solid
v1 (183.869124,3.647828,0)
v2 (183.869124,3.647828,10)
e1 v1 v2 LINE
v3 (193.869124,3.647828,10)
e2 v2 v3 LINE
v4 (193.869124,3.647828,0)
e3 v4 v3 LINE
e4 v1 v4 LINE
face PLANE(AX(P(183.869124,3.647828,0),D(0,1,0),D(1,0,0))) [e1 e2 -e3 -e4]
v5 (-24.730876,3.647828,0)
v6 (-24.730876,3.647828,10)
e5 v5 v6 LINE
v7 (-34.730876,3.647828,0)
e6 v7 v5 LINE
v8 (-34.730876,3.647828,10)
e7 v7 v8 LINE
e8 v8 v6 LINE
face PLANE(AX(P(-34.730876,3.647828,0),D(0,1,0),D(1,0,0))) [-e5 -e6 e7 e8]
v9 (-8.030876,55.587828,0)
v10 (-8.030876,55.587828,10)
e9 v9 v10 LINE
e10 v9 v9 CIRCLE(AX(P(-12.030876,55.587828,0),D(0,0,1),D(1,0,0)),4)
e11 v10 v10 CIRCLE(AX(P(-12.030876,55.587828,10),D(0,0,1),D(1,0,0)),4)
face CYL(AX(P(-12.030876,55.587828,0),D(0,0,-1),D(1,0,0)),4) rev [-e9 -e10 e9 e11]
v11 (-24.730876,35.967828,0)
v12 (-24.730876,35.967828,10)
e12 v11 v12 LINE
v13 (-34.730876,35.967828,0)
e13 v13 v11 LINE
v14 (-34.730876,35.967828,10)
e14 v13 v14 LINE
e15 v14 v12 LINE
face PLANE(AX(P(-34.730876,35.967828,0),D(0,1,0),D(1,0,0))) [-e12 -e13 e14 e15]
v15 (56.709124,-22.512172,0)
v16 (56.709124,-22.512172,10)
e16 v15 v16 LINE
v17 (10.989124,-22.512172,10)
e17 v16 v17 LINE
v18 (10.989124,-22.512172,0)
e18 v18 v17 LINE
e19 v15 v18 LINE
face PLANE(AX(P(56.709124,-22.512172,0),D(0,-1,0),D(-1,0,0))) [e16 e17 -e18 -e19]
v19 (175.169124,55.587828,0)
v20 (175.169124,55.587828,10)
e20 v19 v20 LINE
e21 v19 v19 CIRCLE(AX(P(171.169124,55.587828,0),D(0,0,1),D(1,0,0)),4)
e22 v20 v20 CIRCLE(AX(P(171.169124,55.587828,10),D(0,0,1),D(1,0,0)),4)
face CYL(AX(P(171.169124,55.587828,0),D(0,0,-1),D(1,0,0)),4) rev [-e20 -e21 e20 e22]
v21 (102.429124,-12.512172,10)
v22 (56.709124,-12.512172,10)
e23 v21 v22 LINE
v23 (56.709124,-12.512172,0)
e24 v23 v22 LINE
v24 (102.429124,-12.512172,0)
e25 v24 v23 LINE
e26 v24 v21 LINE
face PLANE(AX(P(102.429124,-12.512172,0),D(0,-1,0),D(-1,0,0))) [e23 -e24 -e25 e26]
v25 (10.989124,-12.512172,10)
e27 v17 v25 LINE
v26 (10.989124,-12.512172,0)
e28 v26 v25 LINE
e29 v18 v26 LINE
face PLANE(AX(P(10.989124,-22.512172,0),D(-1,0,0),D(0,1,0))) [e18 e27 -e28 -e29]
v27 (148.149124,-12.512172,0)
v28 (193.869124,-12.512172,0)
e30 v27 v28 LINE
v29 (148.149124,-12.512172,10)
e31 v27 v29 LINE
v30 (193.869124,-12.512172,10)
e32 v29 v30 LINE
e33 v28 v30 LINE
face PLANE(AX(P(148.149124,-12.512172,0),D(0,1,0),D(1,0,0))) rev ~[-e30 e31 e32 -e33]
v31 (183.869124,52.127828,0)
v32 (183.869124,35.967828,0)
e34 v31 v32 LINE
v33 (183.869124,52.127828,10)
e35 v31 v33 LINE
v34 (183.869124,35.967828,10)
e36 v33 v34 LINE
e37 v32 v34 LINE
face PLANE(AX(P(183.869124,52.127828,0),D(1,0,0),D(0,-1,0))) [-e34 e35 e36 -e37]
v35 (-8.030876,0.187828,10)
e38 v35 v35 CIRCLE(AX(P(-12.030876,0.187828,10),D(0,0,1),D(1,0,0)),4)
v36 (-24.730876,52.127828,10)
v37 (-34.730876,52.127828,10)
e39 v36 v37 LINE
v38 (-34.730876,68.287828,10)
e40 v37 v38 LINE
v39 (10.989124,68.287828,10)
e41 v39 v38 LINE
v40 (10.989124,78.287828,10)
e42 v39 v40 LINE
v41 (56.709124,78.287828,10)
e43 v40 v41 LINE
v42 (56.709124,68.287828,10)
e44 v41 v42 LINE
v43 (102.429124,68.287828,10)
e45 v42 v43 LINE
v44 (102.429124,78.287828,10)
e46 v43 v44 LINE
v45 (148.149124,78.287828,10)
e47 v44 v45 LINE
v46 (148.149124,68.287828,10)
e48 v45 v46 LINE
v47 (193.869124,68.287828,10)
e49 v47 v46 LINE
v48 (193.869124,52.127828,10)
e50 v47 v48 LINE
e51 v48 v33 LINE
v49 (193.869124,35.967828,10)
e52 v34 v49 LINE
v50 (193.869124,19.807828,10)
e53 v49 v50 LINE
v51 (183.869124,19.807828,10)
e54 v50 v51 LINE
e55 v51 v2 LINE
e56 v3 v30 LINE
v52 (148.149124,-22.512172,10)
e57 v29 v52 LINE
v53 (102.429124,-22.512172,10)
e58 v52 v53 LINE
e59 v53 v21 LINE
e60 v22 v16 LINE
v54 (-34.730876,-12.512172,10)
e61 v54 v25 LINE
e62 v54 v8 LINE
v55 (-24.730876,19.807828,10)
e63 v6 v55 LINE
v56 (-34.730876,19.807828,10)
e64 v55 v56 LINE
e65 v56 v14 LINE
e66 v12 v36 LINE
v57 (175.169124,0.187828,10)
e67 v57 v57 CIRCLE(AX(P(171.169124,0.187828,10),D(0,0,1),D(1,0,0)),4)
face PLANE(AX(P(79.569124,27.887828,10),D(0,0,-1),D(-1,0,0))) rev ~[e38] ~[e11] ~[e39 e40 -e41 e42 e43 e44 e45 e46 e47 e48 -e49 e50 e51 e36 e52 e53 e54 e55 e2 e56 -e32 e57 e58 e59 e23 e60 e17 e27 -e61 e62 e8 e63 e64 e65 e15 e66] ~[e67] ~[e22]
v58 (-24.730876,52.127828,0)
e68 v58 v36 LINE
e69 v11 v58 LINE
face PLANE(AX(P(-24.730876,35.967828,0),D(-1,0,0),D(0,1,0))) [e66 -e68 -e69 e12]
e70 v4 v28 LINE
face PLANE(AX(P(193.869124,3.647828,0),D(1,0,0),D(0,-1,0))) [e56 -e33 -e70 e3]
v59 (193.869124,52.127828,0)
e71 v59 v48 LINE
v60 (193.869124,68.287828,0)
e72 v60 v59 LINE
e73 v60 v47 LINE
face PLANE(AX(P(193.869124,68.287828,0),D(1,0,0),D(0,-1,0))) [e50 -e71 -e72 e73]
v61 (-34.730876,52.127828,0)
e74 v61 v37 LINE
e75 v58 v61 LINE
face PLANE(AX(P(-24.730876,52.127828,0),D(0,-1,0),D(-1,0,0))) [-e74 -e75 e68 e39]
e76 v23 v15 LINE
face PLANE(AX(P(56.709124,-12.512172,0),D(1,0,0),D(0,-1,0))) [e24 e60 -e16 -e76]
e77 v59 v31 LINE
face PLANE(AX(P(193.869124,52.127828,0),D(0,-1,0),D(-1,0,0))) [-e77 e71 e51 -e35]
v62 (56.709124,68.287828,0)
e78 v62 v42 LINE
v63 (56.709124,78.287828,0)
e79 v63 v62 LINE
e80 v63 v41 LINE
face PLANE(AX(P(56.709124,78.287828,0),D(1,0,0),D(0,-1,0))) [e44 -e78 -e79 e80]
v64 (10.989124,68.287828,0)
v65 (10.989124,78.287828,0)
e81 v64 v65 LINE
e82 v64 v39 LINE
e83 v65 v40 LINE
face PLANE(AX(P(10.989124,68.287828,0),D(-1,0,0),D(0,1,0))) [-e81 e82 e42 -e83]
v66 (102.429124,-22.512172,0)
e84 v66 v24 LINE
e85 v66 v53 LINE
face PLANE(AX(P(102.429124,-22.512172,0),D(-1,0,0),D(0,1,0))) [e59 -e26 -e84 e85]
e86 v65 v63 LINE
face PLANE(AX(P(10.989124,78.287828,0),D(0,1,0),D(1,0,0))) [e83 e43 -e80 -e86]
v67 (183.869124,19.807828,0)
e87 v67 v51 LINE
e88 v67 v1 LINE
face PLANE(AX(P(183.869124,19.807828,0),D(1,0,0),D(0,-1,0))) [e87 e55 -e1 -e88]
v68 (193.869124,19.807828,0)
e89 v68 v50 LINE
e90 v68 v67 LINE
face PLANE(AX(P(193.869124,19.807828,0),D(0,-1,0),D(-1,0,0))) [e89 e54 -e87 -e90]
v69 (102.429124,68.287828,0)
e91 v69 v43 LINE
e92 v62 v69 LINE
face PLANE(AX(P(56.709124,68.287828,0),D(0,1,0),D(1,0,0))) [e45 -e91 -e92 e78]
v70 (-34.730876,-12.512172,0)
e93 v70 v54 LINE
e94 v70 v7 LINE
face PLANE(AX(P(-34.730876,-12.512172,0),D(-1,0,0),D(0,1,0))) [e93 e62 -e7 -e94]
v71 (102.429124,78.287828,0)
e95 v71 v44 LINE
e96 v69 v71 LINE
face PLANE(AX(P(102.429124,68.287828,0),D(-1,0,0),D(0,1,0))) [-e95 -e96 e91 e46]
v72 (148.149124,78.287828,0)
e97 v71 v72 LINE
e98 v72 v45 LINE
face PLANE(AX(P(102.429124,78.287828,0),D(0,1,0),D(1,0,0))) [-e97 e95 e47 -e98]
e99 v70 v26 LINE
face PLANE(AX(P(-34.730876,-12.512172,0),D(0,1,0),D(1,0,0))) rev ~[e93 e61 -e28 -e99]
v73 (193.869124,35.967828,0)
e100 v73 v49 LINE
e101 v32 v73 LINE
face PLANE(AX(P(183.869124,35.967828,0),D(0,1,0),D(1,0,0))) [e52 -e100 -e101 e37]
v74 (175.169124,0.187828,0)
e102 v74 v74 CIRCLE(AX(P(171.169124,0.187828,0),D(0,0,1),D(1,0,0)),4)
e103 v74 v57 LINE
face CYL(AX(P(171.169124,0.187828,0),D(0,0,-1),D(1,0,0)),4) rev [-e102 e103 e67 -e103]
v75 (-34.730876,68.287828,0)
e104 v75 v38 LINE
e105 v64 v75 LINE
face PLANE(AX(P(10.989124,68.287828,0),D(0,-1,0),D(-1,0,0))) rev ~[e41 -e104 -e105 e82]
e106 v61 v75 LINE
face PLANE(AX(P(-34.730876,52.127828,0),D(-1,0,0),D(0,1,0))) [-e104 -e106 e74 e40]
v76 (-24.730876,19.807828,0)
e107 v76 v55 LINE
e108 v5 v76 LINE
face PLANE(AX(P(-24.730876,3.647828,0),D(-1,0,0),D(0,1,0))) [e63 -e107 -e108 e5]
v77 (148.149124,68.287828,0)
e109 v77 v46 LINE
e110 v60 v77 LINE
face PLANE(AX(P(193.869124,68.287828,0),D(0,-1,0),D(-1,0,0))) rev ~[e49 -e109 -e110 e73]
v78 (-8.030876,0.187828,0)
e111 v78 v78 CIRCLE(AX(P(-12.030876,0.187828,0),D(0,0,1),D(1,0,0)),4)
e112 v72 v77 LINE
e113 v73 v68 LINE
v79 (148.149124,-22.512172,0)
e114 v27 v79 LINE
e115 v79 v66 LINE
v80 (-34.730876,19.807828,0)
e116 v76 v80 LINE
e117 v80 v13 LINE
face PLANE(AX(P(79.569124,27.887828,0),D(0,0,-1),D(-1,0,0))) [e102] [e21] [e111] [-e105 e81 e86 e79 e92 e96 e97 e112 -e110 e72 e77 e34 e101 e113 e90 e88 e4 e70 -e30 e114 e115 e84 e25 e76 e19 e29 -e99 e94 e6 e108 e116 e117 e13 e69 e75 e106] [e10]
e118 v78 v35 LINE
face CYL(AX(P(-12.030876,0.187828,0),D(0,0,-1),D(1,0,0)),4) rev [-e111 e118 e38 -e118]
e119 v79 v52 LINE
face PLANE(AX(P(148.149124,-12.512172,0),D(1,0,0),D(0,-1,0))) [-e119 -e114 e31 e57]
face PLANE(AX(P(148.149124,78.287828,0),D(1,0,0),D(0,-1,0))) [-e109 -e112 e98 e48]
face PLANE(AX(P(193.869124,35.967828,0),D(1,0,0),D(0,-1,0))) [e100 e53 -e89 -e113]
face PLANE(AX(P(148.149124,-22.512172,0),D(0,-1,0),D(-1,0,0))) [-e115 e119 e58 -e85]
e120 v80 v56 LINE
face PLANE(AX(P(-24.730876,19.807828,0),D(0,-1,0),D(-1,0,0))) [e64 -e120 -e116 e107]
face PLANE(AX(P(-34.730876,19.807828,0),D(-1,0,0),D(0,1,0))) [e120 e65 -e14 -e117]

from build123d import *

# Parameters (mm, degrees)
SKETCH3_R           = 4
BOSS_EXTRUDE2_DEPTH = 10


with BuildPart() as part:
    # Sketch3 → Boss-Extrude2 (new body)
    with BuildSketch(Plane.XY):
        Polygon((102.429124183, -12.51217232), (56.709124183, -12.51217232), (56.709124183, -22.51217232), (10.989124183, -22.51217232), (10.989124183, -12.51217232), (-24.730875817, -12.51217232), (-34.730875817, -12.51217232), (-34.730875817, 3.64782768), (-24.730875817, 3.64782768), (-24.730875817, 19.80782768), (-34.730875817, 19.80782768), (-34.730875817, 35.96782768), (-24.730875817, 35.96782768), (-24.730875817, 52.12782768), (-34.730875817, 52.12782768), (-34.730875817, 68.28782768), (-24.730875817, 68.28782768), (10.989124183, 68.28782768), (10.989124183, 78.28782768), (56.709124183, 78.28782768), (56.709124183, 68.28782768), (102.429124183, 68.28782768), (102.429124183, 78.28782768), (148.149124183, 78.28782768), (148.149124183, 68.28782768), (183.869124183, 68.28782768), (193.869124183, 68.28782768), (193.869124183, 52.12782768), (183.869124183, 52.12782768), (183.869124183, 35.96782768), (193.869124183, 35.96782768), (193.869124183, 19.80782768), (183.869124183, 19.80782768), (183.869124183, 3.64782768), (193.869124183, 3.64782768), (193.869124183, -12.51217232), (183.869124183, -12.51217232), (148.149124183, -12.51217232), (148.149124183, -22.51217232), (102.429124183, -22.51217232), align=None)
        with Locations((-12.030875817, 55.58782768)):
            Circle(SKETCH3_R, mode=Mode.SUBTRACT)
        with Locations((171.169124183, 55.58782768)):
            Circle(SKETCH3_R, mode=Mode.SUBTRACT)
        with Locations((-12.030875817, 0.18782768)):
            Circle(SKETCH3_R, mode=Mode.SUBTRACT)
        with Locations((171.169124183, 0.18782768)):
            Circle(SKETCH3_R, mode=Mode.SUBTRACT)
    extrude(amount=BOSS_EXTRUDE2_DEPTH)


solid = part.part
